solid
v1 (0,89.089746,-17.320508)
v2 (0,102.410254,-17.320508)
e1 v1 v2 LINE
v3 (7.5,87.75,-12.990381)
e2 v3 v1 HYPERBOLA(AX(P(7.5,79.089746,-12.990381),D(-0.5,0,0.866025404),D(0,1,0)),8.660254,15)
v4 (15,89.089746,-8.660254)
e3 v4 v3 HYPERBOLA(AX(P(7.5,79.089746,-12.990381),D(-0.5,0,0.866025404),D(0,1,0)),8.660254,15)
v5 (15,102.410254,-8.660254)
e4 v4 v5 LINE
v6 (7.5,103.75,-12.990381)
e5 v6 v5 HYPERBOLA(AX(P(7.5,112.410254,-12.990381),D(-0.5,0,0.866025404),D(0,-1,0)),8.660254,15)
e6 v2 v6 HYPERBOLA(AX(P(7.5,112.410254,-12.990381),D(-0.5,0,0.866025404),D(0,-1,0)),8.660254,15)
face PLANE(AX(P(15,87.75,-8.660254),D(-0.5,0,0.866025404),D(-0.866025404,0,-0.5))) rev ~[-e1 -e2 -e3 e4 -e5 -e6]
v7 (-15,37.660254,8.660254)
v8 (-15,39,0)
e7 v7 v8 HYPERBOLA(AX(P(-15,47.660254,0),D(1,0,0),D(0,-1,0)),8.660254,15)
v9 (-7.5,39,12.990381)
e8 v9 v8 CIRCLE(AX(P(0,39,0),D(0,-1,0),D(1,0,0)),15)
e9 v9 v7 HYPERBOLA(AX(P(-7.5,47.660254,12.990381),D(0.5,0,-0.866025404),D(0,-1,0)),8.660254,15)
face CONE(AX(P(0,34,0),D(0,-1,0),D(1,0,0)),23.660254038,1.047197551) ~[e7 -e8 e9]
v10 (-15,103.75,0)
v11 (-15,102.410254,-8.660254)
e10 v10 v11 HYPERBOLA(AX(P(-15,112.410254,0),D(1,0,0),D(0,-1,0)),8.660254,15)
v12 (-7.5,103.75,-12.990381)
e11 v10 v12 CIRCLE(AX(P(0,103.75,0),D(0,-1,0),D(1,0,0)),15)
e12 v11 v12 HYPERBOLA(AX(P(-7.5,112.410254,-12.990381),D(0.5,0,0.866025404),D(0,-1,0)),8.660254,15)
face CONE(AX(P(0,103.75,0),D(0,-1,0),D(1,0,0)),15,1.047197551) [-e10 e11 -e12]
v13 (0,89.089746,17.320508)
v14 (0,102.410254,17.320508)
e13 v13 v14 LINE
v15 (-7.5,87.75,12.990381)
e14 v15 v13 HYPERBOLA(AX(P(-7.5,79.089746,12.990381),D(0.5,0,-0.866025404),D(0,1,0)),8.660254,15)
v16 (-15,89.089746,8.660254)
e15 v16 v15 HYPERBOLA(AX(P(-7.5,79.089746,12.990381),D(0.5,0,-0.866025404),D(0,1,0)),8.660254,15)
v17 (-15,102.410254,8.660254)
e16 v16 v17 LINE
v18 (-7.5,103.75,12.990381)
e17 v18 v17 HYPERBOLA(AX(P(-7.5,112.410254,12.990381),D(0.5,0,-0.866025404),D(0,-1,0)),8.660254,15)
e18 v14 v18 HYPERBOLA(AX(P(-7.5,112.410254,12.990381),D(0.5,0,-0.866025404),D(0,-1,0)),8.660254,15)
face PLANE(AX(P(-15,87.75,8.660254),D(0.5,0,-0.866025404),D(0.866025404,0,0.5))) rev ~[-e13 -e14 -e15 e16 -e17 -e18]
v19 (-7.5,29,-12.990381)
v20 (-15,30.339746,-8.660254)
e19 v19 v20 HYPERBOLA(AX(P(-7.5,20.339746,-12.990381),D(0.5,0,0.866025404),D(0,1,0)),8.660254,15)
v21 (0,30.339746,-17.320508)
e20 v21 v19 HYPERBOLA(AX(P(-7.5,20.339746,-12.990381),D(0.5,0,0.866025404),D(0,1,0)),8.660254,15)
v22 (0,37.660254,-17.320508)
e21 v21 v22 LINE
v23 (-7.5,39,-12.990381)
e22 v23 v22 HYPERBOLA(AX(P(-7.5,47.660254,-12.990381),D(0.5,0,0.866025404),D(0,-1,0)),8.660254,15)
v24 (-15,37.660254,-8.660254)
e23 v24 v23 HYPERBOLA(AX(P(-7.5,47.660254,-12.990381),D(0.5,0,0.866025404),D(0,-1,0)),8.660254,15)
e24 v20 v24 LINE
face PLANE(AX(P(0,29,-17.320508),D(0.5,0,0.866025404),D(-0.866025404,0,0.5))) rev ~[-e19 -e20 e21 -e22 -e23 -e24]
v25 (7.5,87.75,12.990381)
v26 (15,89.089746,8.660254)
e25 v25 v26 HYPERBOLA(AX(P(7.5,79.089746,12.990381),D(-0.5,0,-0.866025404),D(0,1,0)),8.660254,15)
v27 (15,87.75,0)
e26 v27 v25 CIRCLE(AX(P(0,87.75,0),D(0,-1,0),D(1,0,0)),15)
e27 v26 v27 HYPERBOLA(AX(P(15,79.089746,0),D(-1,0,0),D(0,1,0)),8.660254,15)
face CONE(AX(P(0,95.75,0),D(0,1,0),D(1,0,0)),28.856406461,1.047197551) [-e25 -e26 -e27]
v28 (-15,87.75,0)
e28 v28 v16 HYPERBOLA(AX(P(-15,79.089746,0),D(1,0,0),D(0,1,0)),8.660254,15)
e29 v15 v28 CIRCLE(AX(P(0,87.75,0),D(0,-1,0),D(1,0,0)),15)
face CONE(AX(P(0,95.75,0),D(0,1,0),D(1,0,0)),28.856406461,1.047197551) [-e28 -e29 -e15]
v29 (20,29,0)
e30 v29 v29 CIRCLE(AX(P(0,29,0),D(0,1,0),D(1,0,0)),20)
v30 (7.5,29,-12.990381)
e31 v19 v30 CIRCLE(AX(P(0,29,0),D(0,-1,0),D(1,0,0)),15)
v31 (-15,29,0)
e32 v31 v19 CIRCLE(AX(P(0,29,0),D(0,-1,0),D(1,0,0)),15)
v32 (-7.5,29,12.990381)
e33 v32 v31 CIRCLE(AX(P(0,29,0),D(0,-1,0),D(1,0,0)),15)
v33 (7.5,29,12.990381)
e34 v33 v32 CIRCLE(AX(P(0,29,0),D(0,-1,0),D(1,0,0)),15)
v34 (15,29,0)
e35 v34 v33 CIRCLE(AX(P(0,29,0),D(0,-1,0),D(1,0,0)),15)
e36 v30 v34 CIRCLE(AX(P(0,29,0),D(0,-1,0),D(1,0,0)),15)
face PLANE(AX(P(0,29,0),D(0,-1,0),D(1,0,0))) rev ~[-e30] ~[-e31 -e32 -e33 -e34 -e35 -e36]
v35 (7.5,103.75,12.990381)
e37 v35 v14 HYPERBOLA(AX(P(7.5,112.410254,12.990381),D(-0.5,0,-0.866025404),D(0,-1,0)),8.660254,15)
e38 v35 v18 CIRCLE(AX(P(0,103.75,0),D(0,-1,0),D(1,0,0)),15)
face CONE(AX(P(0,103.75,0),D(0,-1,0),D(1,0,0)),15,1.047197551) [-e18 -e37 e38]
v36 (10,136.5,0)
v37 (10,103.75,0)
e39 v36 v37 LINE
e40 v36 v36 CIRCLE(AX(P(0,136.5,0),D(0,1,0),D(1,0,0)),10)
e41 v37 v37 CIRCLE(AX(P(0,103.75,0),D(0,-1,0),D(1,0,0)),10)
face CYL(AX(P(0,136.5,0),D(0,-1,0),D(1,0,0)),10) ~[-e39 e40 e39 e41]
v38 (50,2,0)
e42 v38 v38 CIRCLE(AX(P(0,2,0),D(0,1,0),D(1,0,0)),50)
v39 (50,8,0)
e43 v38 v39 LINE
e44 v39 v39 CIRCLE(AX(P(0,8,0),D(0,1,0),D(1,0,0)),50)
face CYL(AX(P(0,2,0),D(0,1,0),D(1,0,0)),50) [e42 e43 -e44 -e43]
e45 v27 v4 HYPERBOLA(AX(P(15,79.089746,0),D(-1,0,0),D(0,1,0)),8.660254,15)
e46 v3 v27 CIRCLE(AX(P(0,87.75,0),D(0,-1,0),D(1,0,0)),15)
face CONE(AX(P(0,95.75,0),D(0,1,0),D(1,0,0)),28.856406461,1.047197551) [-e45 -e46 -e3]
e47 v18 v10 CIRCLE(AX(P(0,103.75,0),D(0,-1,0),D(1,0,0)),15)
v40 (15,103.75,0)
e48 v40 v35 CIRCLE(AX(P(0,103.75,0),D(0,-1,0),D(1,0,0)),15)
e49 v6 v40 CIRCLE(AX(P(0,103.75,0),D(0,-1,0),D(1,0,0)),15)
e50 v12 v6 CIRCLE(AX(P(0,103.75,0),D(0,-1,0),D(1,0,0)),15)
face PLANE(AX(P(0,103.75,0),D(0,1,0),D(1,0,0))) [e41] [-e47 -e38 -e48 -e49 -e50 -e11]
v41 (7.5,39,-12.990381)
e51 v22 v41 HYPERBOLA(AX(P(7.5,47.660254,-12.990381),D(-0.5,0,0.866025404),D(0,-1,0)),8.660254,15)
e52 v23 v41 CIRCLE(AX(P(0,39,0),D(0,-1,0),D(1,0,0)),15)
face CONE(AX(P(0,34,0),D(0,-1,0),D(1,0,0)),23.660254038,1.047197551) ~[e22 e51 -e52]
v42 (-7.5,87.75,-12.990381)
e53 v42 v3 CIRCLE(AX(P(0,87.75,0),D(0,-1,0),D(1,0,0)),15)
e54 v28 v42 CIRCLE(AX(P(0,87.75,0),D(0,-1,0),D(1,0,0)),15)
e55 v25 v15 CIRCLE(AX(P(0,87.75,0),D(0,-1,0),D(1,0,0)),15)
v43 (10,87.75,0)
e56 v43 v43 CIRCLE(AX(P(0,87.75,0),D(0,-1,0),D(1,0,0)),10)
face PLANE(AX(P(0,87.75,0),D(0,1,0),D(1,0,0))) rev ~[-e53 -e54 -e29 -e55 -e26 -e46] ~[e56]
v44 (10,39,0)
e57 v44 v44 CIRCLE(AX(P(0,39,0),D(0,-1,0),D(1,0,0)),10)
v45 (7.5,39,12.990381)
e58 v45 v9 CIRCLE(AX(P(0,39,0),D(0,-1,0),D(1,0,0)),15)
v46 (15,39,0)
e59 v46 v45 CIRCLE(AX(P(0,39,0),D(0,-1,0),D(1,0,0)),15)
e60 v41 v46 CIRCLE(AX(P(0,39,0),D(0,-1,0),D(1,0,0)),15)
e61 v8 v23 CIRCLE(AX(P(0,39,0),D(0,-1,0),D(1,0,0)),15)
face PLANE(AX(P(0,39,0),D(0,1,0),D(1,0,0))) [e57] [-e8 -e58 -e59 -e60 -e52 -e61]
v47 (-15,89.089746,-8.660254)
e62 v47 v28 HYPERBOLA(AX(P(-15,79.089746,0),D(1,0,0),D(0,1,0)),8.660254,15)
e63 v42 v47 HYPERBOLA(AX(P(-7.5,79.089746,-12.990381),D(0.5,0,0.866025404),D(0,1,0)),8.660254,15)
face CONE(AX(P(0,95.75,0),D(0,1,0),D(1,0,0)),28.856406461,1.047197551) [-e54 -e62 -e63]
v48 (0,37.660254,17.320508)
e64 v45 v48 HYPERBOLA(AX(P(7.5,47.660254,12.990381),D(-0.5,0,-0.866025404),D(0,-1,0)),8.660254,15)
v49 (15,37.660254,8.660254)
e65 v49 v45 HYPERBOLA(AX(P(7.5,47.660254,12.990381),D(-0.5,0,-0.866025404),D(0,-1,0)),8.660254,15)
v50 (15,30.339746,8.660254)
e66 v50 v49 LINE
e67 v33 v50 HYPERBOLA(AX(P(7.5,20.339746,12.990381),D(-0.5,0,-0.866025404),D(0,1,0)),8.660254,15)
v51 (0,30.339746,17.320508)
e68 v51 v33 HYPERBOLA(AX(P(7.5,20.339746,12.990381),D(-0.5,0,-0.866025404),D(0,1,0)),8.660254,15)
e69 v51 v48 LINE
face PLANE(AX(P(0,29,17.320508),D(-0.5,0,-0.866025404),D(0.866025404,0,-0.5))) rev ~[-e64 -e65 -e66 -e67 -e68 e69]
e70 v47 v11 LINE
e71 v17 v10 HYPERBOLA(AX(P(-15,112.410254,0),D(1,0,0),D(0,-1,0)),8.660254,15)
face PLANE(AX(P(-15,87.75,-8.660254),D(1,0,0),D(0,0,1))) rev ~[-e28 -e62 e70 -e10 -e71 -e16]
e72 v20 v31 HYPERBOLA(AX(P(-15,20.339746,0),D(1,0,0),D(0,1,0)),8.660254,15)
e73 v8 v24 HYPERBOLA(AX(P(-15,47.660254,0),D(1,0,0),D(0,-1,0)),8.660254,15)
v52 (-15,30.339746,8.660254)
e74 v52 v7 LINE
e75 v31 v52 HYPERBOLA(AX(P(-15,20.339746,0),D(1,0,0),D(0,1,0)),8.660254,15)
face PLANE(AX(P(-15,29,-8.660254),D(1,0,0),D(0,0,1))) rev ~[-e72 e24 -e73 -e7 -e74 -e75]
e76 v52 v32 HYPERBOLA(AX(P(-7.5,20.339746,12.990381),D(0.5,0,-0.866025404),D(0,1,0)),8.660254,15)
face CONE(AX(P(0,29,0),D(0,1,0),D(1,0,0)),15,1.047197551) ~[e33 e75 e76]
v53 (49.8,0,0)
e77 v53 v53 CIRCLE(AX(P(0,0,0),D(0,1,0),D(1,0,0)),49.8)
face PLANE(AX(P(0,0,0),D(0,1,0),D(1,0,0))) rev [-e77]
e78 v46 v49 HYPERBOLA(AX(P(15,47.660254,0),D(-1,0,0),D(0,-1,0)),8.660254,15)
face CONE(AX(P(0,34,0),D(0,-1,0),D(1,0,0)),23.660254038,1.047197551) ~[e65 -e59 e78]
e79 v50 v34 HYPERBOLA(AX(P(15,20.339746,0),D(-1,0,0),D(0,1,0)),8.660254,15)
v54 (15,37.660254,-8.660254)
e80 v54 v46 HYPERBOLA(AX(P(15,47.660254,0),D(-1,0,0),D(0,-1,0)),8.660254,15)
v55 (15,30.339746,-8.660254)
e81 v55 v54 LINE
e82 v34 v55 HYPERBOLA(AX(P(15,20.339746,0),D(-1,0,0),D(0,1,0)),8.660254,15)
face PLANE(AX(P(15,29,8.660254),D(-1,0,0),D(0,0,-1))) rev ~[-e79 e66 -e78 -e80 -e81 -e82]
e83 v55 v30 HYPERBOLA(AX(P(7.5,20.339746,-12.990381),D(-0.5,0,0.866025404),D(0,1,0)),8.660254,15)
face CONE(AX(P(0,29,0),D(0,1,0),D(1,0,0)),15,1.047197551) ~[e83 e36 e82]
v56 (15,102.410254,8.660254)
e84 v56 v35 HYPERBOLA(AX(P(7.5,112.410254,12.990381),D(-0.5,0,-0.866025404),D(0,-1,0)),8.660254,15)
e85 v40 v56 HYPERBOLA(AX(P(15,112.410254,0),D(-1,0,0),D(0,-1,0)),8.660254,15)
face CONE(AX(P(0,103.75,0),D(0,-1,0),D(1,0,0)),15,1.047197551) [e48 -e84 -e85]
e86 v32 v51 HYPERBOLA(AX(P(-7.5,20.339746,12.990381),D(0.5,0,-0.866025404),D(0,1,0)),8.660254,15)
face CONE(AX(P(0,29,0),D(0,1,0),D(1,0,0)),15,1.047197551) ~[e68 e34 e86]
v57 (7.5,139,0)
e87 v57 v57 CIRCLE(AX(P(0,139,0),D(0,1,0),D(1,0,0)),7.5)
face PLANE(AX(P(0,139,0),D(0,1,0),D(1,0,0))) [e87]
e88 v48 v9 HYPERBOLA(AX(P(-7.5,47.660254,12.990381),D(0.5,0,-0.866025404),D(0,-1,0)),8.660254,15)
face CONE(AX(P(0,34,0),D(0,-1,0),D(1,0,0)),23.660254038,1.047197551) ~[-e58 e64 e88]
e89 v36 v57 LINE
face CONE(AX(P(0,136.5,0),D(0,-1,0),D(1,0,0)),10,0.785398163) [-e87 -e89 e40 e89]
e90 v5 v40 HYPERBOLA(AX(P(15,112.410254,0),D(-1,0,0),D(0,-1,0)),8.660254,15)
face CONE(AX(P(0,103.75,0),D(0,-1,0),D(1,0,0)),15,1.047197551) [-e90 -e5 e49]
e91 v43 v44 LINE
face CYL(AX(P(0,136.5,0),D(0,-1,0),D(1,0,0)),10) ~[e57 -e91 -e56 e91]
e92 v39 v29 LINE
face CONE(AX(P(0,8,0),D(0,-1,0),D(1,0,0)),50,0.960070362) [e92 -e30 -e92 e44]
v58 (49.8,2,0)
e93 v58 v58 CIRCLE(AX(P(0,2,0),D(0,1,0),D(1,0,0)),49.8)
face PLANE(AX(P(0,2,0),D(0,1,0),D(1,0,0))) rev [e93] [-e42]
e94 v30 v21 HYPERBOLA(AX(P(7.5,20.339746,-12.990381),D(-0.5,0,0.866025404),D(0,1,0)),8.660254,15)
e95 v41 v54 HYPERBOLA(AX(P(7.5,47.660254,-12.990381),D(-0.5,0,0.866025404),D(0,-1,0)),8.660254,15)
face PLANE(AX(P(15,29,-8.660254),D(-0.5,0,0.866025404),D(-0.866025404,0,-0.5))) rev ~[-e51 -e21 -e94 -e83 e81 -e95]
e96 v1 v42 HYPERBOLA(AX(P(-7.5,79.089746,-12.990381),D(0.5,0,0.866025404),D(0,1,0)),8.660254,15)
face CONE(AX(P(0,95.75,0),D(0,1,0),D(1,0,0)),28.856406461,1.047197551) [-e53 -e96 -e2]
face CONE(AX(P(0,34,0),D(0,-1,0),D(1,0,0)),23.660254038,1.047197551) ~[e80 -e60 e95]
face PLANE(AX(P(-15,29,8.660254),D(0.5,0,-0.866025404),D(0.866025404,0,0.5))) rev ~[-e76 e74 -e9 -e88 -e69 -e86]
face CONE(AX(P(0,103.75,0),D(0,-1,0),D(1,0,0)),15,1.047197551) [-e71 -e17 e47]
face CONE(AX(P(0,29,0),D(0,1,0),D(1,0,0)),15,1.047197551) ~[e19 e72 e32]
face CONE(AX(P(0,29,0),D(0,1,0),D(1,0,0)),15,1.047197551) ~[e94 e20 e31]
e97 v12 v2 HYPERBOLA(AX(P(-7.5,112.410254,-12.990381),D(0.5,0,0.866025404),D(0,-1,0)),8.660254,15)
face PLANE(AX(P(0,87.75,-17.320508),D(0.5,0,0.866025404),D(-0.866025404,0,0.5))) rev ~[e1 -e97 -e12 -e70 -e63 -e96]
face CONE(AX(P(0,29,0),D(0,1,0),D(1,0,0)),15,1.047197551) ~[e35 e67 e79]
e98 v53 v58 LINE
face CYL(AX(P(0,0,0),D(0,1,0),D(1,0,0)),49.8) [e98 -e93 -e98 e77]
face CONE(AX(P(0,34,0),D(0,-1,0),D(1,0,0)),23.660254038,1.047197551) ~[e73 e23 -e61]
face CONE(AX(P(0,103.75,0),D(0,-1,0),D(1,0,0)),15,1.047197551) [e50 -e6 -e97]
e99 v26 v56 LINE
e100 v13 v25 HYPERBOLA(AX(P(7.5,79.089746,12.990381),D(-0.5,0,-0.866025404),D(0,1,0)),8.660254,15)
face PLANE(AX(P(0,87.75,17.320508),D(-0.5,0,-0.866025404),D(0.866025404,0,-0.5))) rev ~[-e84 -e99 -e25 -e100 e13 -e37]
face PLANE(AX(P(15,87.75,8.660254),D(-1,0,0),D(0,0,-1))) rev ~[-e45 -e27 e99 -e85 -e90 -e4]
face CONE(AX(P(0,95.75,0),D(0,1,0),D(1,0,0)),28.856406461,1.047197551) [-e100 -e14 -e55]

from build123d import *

# Parameters (mm, degrees)
EXTRUDE_1_DEPTH = 10
EXTRUDE_2_DEPTH = 16


with BuildPart() as part:
    # Эскиз1 → Повернуть1 (revolve)
    with BuildSketch(Plane.XY, mode=Mode.PRIVATE) as revolve_1_sk:
        Polygon((0, 0), (-49.8, 0), (-49.8, 2), (-50, 2), (-50, 8), (-20, 29), (-10, 29), (-10, 39), (-10, 136.5), (-7.5, 139), (0, 139), align=None)
    revolve(revolve_1_sk.sketch.rotate(Axis((0, 0, 0), (0, 1, 0)), 180), axis=Axis((0, 0, 0), (0, 1, 0)))  # turned: the seam where the file's is

    # Эскиз2 → Бобышка-Вытянуть1 (add)
    with BuildSketch(Plane(origin=(0, 29, 0), x_dir=(1, 0, 0), z_dir=(0, 1, 0))):
        Polygon((0, 17.320508076), (-15, 8.660254038), (-15, -8.660254038), (0, -17.320508076), (15, -8.660254038), (15, 8.660254038), align=None)
    extrude(amount=EXTRUDE_1_DEPTH)

    # Эскиз3 → Бобышка-Вытянуть2 (add)
    with BuildSketch(Plane(origin=(0, 87.75, 0), x_dir=(1, 0, 0), z_dir=(0, 1, 0))):
        Polygon((15, 8.660254038), (0, 17.320508076), (-15, 8.660254038), (-15, -8.660254038), (0, -17.320508076), (15, -8.660254038), align=None)
    extrude(amount=EXTRUDE_2_DEPTH)

    # Эскиз4 → Вырез-Повернуть2 (revolve, cut)
    with BuildSketch(Plane.XY, mode=Mode.PRIVATE) as cut_revolve_2_sk:
        Polygon((-28.856406461, 103.75), (-15, 103.75), (-28.856406461, 95.75), align=None)
        Polygon((-28.856406461, 87.75), (-28.856406461, 95.75), (-15, 87.75), align=None)
        Polygon((-23.660254038, 39), (-23.660254038, 34), (-15, 39), align=None)
        Polygon((-23.660254038, 34), (-23.660254038, 29), (-15, 29), align=None)
    revolve(cut_revolve_2_sk.sketch.rotate(Axis((0, 139, 0), (0, -1, 0)), 180), axis=Axis((0, 139, 0), (0, -1, 0)), mode=Mode.SUBTRACT)  # turned: the seam where the file's is


solid = part.part
